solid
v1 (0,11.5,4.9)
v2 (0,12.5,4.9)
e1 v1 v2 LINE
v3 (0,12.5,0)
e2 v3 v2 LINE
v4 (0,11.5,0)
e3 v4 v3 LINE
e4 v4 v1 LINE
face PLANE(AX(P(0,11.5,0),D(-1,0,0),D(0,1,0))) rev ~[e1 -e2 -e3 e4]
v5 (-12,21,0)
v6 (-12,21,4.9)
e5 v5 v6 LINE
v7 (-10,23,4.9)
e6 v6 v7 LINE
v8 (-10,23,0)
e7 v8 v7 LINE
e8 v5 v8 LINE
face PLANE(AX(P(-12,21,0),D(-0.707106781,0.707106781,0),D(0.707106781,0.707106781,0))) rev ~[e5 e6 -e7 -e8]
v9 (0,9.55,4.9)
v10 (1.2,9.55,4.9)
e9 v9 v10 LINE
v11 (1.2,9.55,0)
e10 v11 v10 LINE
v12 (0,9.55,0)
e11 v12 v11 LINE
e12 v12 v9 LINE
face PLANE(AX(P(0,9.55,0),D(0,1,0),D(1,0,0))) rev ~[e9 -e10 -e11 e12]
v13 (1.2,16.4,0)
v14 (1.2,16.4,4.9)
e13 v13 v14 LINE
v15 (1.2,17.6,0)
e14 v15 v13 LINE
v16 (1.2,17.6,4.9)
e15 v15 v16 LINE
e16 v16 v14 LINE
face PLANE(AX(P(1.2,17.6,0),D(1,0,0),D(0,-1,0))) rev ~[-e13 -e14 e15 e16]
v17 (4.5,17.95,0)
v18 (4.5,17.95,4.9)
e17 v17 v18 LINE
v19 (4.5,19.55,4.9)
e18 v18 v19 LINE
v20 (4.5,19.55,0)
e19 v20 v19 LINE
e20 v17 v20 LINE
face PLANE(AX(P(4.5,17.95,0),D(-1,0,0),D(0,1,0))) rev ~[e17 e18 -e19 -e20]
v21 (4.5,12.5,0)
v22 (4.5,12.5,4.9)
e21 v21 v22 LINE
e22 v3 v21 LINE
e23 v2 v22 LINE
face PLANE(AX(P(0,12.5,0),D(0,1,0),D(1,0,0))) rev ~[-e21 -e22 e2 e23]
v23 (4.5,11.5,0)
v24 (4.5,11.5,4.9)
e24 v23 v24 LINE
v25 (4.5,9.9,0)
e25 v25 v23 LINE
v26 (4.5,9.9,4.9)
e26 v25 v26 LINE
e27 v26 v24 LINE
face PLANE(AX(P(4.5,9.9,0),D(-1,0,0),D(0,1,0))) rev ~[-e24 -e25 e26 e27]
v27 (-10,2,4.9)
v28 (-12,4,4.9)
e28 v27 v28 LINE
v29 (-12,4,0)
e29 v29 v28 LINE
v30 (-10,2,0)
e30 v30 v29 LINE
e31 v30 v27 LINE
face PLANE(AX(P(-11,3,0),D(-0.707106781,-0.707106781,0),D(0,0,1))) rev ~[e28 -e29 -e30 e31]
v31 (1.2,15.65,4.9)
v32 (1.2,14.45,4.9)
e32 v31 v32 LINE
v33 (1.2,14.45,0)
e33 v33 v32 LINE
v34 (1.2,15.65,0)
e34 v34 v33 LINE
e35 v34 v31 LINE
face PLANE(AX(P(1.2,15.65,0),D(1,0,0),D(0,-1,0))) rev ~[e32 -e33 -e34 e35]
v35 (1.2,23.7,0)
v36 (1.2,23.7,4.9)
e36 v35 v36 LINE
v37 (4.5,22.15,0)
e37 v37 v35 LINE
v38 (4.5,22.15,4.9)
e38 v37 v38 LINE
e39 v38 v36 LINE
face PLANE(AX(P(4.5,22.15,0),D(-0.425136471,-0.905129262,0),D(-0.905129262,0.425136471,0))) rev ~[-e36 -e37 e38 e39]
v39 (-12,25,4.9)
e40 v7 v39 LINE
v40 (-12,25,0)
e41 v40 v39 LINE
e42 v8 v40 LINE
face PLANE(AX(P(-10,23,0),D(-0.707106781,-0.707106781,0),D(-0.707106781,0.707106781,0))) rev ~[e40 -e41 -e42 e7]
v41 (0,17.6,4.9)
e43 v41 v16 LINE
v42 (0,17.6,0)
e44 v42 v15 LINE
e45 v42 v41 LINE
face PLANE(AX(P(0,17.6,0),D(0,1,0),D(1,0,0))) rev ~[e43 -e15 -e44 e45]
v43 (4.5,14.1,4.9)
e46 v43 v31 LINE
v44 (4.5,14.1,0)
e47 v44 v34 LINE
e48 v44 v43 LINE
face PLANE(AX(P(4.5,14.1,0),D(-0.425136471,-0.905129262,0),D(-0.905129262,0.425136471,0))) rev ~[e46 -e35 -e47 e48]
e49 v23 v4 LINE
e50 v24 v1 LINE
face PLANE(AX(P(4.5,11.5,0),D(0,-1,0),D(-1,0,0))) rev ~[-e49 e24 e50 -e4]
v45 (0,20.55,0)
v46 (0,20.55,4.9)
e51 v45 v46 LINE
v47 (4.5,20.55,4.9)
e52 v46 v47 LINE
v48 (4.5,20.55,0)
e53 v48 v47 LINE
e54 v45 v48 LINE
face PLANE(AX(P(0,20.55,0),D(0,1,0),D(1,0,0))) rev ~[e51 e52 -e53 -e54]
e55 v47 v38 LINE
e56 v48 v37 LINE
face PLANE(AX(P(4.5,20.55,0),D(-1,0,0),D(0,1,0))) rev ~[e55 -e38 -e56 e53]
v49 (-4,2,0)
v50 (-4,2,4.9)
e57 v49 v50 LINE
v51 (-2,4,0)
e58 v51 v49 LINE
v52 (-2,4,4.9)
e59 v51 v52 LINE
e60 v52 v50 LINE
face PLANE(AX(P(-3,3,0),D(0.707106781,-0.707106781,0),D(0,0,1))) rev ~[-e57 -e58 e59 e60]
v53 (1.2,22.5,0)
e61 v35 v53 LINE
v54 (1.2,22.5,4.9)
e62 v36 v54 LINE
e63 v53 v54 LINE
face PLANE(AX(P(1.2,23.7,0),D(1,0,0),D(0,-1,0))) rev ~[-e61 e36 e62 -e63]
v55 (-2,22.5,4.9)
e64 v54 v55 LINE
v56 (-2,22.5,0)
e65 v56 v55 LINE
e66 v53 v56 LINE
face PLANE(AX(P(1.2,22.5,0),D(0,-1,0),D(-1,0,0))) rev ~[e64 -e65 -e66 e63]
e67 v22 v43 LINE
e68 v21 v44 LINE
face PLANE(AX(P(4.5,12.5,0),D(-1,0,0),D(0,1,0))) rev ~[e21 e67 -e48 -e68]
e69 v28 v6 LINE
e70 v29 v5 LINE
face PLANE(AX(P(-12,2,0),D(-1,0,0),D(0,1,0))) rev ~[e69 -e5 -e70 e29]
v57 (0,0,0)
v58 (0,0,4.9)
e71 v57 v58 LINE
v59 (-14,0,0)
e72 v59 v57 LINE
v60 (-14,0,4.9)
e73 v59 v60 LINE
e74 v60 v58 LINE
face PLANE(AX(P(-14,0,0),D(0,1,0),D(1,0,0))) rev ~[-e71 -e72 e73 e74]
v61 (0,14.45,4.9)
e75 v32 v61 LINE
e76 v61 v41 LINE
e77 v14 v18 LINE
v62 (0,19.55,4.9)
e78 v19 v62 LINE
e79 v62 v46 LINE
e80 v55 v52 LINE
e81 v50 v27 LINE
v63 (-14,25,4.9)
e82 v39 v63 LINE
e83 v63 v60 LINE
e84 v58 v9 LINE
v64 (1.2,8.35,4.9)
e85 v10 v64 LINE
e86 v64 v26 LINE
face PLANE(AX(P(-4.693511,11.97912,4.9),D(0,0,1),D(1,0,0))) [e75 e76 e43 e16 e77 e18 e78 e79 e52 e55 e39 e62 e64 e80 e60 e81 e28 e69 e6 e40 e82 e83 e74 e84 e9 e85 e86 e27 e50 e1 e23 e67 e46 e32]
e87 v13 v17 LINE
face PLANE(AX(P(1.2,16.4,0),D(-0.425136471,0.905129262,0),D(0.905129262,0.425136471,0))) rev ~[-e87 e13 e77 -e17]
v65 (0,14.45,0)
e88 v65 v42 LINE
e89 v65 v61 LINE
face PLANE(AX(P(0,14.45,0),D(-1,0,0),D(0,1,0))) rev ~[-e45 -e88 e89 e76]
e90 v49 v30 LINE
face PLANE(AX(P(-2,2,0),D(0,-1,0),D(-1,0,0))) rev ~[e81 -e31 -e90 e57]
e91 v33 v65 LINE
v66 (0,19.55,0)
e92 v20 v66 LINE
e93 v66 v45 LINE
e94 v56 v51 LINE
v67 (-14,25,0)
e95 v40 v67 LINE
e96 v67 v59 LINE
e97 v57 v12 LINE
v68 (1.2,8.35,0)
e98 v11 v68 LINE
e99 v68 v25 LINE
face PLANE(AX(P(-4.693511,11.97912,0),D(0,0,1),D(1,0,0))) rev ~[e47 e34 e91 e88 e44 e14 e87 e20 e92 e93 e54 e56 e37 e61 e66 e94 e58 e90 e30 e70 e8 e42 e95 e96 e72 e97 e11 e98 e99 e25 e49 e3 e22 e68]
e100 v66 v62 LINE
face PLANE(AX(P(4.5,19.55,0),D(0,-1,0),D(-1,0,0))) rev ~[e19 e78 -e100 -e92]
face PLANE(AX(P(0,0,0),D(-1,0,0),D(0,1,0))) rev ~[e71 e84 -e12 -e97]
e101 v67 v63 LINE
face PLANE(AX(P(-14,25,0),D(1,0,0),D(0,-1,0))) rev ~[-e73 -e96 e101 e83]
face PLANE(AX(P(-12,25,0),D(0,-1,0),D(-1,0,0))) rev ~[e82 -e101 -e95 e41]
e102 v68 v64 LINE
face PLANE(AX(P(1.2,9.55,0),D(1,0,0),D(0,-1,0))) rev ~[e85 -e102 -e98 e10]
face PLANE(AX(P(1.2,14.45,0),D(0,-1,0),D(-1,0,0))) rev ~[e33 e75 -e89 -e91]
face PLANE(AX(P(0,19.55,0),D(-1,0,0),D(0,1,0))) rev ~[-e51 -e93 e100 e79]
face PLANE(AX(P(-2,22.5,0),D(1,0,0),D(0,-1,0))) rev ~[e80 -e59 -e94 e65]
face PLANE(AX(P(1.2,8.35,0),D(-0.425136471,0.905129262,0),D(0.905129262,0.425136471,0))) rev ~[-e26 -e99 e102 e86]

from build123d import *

# Parameters (mm, degrees)
F1_DEPTH = 4.9
F2_SIZE  = 2
F3_SIZE  = 2


with BuildPart() as f1:
    # F0 (on Top) → F1 (new body)
    with BuildSketch(Plane.XY):
        Polygon((0, 0), (0, 9.55), (1.2, 9.55), (1.2, 8.35), (4.5, 9.9), (4.5, 11.5), (0, 11.5), (0, 12.5), (4.5, 12.5), (4.5, 14.1), (1.2, 15.65), (1.2, 14.45), (0, 14.45), (0, 17.6), (1.2, 17.6), (1.2, 16.4), (4.5, 17.95), (4.5, 19.55), (0, 19.55), (0, 20.55), (4.5, 20.55), (4.5, 22.15), (1.2, 23.7), (1.2, 22.5), (0, 22.5), (-2, 22.5), (-2, 2), (-12, 2), (-12, 21), (-10, 23), (-12, 25), (-14, 25), (-14, 0), align=None)
    extrude(amount=F1_DEPTH)

    # F2
    f2_edges = [f1.edges().sort_by_distance(p)[0] for p in [
        (-2, 2, 2.45),
    ]]
    chamfer(f2_edges, length=F2_SIZE)

    # F3
    f3_edges = [f1.edges().sort_by_distance(p)[0] for p in [
        (-12, 2, 2.45),
    ]]
    chamfer(f3_edges, length=F3_SIZE)


solid = f1.part
